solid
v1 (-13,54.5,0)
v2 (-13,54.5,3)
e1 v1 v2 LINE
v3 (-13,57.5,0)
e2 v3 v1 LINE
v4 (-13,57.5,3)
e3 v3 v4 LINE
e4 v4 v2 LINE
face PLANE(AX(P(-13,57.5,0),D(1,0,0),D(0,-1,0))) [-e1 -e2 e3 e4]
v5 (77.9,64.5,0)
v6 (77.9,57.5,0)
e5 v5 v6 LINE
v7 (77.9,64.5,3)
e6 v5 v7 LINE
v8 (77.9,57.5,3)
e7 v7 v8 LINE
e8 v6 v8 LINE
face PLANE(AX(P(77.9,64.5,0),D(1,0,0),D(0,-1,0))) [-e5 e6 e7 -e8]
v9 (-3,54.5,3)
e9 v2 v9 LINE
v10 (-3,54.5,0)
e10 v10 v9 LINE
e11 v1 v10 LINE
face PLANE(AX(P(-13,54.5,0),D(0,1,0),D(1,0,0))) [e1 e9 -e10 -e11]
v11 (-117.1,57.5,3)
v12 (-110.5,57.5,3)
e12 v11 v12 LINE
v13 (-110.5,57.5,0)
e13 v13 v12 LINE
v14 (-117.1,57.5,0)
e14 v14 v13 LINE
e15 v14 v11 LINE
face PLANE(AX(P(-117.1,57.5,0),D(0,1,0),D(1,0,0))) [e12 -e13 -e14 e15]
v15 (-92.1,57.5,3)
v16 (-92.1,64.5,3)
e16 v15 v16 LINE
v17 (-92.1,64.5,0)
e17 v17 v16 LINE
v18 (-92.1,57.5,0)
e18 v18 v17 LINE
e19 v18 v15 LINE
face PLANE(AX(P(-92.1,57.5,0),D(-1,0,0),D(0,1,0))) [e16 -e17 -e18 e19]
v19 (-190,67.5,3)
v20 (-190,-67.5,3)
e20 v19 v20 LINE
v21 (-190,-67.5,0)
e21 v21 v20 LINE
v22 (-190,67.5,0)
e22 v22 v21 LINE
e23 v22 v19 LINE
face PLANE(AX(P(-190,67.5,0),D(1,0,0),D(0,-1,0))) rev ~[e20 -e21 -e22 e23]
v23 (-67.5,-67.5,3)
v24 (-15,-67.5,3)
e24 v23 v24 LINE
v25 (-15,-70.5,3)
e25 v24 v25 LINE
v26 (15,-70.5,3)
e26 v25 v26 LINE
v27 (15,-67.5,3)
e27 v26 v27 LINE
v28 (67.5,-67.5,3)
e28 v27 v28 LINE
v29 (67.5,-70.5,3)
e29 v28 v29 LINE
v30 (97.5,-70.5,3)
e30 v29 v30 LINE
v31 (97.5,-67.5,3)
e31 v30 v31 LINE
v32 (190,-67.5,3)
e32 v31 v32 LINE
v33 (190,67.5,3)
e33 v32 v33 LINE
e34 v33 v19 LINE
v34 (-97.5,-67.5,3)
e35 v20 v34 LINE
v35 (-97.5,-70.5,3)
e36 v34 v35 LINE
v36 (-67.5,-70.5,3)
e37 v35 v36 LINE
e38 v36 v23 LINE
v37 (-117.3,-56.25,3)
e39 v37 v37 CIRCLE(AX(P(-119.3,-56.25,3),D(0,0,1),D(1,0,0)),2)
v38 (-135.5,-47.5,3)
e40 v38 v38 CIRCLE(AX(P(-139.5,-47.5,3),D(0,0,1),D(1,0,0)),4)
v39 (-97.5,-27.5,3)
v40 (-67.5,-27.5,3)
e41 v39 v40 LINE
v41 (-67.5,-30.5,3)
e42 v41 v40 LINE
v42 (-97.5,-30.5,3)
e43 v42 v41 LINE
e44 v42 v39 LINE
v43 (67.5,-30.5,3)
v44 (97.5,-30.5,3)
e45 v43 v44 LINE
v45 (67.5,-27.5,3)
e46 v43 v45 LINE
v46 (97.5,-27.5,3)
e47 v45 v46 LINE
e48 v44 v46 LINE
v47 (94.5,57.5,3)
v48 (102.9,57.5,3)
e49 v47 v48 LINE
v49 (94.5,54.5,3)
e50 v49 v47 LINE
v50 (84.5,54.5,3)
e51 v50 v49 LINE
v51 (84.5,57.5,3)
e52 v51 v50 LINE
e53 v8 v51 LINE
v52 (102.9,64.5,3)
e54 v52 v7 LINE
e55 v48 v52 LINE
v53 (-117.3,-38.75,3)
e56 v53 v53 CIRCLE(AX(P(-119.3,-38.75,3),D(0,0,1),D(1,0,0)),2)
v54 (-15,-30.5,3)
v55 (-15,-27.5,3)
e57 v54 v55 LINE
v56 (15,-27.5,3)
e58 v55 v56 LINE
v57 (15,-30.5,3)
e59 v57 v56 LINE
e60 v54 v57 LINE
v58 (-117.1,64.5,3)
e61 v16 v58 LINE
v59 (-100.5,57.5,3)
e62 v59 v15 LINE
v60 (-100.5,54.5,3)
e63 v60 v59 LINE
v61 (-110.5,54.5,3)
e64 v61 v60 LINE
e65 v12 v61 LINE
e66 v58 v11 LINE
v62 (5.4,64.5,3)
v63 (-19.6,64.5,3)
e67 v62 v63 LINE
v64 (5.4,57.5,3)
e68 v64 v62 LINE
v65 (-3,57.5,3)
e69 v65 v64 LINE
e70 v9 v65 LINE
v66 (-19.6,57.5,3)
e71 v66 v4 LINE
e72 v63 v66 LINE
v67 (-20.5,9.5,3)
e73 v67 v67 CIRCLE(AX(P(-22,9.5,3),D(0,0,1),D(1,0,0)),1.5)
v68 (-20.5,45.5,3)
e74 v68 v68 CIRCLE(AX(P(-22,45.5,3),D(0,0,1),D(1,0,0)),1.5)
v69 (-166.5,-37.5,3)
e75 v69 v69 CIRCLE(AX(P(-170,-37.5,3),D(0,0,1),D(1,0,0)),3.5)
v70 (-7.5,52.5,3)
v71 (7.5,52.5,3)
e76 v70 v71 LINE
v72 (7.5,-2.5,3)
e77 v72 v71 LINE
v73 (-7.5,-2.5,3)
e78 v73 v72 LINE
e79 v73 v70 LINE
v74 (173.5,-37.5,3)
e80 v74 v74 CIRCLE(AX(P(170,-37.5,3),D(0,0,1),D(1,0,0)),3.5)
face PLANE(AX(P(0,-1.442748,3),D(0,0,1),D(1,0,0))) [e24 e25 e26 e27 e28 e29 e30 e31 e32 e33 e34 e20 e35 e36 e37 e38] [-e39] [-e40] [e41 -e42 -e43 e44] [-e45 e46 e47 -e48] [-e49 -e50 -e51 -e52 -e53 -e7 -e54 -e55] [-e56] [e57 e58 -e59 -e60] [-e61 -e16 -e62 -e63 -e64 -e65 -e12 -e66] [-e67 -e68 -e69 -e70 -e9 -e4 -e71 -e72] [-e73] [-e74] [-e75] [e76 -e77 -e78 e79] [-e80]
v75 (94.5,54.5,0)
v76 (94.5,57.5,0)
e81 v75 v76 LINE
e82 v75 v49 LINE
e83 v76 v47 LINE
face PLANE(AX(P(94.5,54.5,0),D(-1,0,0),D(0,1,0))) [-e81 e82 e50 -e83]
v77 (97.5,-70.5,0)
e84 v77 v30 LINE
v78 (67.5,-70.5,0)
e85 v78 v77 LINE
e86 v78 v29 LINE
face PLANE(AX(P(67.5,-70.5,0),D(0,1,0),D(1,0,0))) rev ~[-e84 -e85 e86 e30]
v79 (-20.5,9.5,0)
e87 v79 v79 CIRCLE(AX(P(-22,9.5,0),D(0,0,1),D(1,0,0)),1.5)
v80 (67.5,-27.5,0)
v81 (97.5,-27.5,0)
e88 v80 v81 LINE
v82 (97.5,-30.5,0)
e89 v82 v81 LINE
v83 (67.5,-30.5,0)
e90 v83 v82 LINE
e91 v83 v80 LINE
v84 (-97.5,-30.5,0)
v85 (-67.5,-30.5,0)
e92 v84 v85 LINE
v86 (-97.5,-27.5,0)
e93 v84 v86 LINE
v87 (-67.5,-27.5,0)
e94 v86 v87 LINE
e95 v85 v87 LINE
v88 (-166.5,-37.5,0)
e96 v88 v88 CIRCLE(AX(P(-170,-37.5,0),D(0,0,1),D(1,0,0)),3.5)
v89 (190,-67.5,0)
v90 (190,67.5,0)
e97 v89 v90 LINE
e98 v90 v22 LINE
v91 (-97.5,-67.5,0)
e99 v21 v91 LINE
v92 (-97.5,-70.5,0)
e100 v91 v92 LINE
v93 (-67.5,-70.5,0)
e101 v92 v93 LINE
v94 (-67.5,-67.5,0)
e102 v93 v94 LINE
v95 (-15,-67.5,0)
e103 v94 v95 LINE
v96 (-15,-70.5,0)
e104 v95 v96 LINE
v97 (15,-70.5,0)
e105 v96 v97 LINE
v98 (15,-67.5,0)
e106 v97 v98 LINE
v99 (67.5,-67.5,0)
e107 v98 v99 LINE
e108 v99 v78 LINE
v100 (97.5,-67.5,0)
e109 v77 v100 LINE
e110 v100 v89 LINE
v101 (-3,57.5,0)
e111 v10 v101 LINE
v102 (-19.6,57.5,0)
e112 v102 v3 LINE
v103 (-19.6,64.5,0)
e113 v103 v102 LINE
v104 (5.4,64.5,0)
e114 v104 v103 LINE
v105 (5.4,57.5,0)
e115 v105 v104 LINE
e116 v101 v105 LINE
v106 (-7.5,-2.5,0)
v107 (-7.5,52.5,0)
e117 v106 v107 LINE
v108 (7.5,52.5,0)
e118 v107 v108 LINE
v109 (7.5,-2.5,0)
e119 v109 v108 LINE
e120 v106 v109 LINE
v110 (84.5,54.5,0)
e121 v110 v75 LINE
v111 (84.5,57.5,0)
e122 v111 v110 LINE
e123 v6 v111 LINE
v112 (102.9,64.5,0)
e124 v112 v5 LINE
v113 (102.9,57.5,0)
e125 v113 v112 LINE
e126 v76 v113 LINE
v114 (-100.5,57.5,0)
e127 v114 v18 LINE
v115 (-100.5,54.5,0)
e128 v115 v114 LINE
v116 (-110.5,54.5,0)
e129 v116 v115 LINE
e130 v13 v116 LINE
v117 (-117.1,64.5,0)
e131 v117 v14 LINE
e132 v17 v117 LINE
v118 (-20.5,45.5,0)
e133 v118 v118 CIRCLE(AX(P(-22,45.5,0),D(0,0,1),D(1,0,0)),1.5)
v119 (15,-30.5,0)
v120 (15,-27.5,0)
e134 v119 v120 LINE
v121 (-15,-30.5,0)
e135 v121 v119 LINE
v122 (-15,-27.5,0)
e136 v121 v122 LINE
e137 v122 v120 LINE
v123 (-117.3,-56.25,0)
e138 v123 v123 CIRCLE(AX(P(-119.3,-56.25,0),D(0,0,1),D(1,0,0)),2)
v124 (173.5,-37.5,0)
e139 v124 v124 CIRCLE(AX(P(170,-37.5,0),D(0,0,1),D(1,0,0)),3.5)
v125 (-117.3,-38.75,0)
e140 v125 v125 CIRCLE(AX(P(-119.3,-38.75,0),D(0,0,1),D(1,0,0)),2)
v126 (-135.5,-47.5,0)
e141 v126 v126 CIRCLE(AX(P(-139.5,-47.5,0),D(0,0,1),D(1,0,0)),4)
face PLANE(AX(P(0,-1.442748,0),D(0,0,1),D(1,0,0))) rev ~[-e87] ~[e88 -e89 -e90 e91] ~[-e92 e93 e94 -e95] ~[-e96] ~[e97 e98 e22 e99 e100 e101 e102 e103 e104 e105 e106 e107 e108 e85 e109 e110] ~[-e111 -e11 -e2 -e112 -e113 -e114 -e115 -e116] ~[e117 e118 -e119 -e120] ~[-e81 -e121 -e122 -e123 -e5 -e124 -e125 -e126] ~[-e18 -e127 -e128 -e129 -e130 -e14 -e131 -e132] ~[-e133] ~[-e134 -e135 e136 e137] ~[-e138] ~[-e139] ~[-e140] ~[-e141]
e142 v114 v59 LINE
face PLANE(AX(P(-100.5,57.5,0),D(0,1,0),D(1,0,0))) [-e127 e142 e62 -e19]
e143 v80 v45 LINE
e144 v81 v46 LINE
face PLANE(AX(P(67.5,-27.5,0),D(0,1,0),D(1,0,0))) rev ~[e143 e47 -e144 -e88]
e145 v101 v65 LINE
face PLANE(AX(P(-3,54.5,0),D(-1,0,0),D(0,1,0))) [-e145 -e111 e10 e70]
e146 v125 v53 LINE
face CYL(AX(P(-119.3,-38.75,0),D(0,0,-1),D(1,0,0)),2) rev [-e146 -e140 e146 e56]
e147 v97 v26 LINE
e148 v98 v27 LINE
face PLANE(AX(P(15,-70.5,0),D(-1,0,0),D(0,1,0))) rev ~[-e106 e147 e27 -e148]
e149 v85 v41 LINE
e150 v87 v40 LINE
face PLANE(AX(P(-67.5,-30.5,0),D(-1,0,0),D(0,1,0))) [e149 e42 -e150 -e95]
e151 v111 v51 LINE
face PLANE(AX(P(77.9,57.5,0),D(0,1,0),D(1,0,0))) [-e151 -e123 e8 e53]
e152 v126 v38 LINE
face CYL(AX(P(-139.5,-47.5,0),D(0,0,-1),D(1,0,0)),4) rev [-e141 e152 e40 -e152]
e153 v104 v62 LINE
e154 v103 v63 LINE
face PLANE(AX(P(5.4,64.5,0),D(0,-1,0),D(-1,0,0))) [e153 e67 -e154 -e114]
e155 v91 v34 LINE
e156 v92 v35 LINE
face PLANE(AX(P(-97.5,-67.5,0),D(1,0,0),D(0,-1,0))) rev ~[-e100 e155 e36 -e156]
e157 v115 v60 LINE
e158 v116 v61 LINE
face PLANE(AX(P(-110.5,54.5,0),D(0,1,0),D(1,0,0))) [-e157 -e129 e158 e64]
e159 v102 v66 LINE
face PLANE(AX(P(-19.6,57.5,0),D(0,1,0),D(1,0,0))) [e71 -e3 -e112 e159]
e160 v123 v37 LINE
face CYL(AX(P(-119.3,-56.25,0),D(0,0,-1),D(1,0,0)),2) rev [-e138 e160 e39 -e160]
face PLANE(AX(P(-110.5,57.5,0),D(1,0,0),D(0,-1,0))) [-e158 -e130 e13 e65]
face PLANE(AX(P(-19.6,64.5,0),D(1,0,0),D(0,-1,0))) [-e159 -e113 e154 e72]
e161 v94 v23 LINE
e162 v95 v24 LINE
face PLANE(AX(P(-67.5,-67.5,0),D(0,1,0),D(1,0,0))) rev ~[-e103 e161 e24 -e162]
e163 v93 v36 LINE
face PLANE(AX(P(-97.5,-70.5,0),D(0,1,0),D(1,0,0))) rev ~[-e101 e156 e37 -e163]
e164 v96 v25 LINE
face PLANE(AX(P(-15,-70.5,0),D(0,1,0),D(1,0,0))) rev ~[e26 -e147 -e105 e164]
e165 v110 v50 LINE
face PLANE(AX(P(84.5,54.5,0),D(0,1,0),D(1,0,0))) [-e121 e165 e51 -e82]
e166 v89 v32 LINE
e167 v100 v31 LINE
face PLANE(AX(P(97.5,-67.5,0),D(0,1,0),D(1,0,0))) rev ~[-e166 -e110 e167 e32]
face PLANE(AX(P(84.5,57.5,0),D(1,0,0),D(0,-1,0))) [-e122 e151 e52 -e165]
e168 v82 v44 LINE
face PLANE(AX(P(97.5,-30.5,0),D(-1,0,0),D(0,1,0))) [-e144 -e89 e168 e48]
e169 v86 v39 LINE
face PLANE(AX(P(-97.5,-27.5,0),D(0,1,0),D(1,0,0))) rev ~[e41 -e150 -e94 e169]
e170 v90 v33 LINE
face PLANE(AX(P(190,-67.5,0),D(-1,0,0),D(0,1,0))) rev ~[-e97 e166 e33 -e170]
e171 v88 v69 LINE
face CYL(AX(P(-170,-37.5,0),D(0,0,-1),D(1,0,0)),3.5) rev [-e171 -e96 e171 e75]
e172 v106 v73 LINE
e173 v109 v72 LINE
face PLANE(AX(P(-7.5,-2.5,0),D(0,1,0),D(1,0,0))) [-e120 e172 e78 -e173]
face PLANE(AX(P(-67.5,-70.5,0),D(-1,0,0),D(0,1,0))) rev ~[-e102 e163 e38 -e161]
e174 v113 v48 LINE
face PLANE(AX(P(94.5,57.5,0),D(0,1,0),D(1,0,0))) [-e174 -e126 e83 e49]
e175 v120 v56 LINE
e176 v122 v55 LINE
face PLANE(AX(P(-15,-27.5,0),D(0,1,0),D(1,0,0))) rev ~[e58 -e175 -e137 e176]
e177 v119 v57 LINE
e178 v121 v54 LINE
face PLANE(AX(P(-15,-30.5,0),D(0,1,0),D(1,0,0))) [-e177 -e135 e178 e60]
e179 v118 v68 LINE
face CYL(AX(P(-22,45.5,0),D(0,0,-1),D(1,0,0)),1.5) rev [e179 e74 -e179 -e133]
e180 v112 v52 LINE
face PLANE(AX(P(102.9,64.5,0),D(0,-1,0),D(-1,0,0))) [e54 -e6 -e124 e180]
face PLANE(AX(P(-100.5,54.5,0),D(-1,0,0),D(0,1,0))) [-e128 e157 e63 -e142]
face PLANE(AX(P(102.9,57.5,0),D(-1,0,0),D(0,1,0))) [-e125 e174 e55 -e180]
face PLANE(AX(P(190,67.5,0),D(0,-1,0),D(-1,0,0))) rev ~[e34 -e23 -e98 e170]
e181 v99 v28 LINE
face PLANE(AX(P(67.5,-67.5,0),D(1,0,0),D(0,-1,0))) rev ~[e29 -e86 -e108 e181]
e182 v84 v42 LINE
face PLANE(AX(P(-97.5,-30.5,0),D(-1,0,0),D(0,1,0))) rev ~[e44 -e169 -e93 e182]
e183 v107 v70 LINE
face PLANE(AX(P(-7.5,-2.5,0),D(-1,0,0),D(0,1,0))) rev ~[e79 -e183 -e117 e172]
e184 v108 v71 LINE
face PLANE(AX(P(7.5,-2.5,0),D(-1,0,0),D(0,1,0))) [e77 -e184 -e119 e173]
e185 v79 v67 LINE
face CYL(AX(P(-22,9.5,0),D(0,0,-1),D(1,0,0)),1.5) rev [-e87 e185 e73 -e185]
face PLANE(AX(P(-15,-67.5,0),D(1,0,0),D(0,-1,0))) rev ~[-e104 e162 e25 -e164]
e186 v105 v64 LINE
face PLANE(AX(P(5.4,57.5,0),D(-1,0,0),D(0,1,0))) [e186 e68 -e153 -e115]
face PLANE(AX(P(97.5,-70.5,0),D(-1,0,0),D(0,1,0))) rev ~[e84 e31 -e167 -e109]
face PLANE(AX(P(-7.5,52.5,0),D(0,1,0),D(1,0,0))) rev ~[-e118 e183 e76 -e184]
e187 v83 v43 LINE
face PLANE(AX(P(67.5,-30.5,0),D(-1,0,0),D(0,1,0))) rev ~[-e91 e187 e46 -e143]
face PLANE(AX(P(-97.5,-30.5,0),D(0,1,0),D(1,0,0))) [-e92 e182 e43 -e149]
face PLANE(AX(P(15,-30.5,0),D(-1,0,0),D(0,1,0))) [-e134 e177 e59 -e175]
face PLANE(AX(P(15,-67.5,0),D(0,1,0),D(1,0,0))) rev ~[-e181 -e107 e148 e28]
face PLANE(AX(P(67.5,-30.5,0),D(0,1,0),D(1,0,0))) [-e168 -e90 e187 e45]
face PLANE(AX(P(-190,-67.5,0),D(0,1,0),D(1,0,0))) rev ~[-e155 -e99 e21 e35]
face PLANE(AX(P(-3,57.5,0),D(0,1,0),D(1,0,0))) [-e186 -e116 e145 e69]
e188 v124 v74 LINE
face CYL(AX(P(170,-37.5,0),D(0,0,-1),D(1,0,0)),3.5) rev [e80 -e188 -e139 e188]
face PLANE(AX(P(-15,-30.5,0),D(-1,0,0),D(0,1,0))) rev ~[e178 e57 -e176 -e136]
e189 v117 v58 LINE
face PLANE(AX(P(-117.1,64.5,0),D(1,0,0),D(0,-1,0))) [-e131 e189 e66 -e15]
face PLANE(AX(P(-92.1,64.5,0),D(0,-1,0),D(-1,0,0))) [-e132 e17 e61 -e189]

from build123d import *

# Parameters (mm, degrees)
CROQUIS1_R              = 1.5
CROQUIS1_R_2            = 3.5
CROQUIS1_R_3            = 4
CROQUIS1_R_4            = 2
CROQUIS1_W              = 30
CROQUIS1_H              = 3
CROQUIS1_W_2            = 15
CROQUIS1_H_2            = 55
SALIENTE_EXTRUIR4_DEPTH = 3


with BuildPart() as part:
    # Croquis1 → Saliente-Extruir4 (new body)
    with BuildSketch(Plane.XY):
        Polygon((-190, -67.5), (-97.5, -67.5), (-97.5, -70.5), (-67.5, -70.5), (-67.5, -67.5), (-15, -67.5), (-15, -70.5), (15, -70.5), (15, -67.5), (67.5, -67.5), (67.5, -70.5), (97.5, -70.5), (97.5, -67.5), (190, -67.5), (190, 67.5), (-190, 67.5), align=None)
        with Locations((-22, 45.5)):
            Circle(CROQUIS1_R, mode=Mode.SUBTRACT)
        with Locations((-22, 9.5)):
            Circle(CROQUIS1_R, mode=Mode.SUBTRACT)
        with Locations((-170, -37.5)):
            Circle(CROQUIS1_R_2, mode=Mode.SUBTRACT)
        with Locations((-139.5, -47.5)):
            Circle(CROQUIS1_R_3, mode=Mode.SUBTRACT)
        with Locations((-119.3, -38.75)):
            Circle(CROQUIS1_R_4, mode=Mode.SUBTRACT)
        with Locations((-119.3, -56.25)):
            Circle(CROQUIS1_R_4, mode=Mode.SUBTRACT)
        with Locations((170, -37.5)):
            Circle(CROQUIS1_R_2, mode=Mode.SUBTRACT)
        with Locations((82.5, -29)):
            Rectangle(CROQUIS1_W, CROQUIS1_H, mode=Mode.SUBTRACT)
        with Locations((0, -29)):
            Rectangle(CROQUIS1_W, CROQUIS1_H, mode=Mode.SUBTRACT)
        with Locations((-82.5, -29)):
            Rectangle(CROQUIS1_W, CROQUIS1_H, mode=Mode.SUBTRACT)
        Polygon((-19.6, 64.5), (-19.6, 57.5), (-13, 57.5), (-13, 54.5), (-3, 54.5), (-3, 57.5), (5.4, 57.5), (5.4, 64.5), align=None, mode=Mode.SUBTRACT)
        Polygon((-117.1, 64.5), (-117.1, 57.5), (-110.5, 57.5), (-110.5, 54.5), (-100.5, 54.5), (-100.5, 57.5), (-92.1, 57.5), (-92.1, 64.5), align=None, mode=Mode.SUBTRACT)
        Polygon((77.9, 64.5), (77.9, 57.5), (84.5, 57.5), (84.5, 54.5), (94.5, 54.5), (94.5, 57.5), (102.9, 57.5), (102.9, 64.5), align=None, mode=Mode.SUBTRACT)
        with Locations((0, 25)):
            Rectangle(CROQUIS1_W_2, CROQUIS1_H_2, mode=Mode.SUBTRACT)
    extrude(amount=SALIENTE_EXTRUIR4_DEPTH)


solid = part.part
